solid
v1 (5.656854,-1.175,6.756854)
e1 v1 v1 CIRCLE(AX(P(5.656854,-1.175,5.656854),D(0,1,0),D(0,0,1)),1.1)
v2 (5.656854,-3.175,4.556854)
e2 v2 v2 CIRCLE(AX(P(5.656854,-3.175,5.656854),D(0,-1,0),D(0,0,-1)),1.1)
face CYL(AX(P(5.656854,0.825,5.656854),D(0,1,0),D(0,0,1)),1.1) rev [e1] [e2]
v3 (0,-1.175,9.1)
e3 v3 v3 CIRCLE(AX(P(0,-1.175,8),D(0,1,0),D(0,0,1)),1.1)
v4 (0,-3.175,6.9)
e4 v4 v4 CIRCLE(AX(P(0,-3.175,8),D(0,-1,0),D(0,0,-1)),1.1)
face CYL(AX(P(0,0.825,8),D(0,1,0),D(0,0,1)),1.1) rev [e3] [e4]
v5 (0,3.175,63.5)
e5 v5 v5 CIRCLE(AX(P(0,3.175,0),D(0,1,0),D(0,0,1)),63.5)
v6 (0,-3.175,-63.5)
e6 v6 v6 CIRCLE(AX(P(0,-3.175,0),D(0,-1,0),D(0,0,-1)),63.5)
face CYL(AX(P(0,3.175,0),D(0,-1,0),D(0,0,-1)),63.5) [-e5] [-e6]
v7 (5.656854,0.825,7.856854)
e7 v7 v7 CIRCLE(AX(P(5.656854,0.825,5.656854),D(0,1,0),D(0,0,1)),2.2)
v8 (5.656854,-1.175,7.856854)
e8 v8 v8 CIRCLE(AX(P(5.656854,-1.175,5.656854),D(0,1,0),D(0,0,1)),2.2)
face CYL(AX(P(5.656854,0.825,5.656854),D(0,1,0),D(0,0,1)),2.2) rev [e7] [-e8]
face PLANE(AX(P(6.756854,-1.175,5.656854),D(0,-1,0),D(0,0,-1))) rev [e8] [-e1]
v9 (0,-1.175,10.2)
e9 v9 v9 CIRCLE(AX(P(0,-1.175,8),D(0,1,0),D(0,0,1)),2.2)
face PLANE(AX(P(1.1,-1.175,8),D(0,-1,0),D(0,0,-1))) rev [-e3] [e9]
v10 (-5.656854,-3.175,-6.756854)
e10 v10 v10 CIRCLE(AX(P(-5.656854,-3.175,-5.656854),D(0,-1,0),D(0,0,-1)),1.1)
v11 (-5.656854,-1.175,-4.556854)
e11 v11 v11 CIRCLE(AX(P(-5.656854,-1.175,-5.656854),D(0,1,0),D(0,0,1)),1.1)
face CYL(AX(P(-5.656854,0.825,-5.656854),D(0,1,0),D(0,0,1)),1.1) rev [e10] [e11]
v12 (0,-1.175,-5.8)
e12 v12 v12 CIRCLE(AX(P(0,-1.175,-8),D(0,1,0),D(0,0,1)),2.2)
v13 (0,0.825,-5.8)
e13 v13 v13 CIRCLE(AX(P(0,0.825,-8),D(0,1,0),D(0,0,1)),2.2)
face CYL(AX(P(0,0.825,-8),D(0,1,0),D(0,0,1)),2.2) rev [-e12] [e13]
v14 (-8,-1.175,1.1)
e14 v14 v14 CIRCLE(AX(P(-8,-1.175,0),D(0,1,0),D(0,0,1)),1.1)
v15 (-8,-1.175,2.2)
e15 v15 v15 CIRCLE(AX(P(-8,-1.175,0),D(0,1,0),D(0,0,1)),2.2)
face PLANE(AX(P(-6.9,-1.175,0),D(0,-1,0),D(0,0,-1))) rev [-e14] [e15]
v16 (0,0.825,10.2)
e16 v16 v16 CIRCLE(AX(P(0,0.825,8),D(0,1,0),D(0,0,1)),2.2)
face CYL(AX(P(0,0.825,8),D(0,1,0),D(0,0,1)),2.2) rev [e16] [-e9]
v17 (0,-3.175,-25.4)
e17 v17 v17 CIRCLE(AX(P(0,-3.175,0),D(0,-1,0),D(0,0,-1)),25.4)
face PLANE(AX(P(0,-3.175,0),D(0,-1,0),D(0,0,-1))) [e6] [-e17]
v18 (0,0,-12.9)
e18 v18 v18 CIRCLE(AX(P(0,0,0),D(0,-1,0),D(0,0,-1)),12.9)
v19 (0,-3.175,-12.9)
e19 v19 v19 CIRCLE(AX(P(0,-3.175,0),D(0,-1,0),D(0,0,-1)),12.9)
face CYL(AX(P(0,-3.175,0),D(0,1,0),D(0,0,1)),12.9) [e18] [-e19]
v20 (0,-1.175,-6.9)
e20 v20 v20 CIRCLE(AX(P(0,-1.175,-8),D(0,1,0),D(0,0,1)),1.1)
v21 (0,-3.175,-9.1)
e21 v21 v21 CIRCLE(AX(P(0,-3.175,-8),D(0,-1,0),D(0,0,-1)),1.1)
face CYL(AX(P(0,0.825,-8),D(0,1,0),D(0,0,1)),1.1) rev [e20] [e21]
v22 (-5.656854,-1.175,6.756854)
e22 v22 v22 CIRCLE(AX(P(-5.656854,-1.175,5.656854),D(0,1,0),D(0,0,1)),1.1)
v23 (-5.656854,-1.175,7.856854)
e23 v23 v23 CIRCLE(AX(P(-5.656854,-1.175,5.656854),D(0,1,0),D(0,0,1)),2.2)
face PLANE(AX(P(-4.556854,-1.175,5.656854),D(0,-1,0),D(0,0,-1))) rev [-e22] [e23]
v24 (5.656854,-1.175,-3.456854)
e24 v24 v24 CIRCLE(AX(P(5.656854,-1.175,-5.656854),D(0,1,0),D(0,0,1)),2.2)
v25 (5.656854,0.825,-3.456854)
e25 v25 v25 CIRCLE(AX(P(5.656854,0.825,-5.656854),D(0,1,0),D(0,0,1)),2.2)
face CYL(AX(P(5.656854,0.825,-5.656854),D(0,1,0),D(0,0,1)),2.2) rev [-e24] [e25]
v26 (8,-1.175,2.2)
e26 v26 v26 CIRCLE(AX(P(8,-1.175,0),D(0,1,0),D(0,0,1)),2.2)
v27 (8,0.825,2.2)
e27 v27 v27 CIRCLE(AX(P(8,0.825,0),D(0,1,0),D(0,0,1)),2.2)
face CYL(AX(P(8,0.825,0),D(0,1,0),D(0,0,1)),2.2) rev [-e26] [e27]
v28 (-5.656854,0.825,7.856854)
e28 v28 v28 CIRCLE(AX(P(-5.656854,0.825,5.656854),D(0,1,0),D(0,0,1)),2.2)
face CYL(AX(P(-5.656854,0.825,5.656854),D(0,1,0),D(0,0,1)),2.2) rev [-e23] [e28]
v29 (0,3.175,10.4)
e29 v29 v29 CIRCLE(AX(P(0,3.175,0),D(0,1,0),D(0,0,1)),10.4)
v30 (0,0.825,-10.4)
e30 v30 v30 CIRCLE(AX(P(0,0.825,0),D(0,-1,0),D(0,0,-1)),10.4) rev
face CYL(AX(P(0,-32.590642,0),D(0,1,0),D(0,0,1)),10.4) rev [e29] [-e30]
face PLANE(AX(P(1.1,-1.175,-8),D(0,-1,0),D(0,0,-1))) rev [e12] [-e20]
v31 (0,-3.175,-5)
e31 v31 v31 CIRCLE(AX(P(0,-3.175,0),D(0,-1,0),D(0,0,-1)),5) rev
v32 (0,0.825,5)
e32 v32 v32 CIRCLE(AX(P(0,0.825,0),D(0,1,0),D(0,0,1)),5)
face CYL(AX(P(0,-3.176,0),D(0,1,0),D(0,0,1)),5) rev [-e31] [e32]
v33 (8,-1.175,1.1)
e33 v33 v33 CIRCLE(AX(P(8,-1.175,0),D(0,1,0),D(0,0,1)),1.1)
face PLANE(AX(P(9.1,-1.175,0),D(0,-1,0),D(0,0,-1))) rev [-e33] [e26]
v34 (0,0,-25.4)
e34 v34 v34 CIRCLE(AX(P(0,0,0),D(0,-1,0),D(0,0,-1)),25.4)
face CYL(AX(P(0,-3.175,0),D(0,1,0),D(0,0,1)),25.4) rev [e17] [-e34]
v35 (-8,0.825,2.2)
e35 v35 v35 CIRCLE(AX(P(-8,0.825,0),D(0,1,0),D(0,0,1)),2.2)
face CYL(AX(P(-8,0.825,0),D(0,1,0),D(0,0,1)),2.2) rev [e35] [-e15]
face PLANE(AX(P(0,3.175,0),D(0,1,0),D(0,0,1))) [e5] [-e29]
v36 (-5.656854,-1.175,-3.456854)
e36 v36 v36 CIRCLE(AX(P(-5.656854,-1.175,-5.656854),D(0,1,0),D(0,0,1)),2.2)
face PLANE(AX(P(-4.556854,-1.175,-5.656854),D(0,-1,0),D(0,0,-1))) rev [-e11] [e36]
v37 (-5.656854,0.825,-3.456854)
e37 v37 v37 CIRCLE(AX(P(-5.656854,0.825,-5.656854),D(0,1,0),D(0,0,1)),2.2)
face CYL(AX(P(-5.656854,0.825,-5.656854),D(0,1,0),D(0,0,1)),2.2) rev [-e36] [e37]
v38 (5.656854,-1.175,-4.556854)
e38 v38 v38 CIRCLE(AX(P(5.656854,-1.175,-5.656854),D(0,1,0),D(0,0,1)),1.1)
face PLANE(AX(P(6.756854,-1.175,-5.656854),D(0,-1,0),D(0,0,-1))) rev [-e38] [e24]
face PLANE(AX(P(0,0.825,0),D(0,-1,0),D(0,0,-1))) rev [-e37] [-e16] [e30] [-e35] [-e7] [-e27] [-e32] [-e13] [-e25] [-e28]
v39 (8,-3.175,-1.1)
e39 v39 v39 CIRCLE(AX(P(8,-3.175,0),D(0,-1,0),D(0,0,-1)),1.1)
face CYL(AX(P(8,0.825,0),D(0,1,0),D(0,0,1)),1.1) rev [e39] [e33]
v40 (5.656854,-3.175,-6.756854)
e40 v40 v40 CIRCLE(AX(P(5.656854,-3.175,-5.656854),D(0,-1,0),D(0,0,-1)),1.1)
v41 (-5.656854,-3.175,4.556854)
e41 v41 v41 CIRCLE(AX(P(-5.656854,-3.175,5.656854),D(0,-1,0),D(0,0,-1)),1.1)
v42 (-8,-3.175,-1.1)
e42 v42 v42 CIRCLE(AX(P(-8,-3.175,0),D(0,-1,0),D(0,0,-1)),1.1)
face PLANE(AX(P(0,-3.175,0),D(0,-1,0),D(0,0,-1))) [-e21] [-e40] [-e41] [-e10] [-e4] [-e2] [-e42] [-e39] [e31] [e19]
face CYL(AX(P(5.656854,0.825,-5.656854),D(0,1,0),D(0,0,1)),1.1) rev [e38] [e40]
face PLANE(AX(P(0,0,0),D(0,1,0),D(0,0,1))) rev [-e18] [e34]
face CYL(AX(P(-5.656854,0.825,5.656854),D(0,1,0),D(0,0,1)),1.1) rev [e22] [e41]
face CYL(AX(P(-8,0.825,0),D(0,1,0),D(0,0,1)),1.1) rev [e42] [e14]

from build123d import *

# Parameters (mm, degrees)
SKETCH1_R                      = 63.5
BOSS_EXTRUDE1_DEPTH            = 3.175
SKETCH2_R                      = 12.9
BOSS_EXTRUDE2_DEPTH            = 3.175
BOSS_EXTRUDE3_START            = 3.175
SKETCH3_R                      = 63.5
SKETCH3_R_2                    = 25.4
BOSS_EXTRUDE3_DEPTH            = 3.175
SKETCH5_R                      = 10.4
CUT_EXTRUDE1_DEPTH             = 2.35
SKETCH6_R                      = 5
CUT_EXTRUDE2_DEPTH             = 4
CBORE_FOR_M2_SHCS1_D           = 2.2
CBORE_FOR_M2_SHCS1_DEPTH       = 6
CBORE_FOR_M2_SHCS1_CBORE_D     = 4.4
CBORE_FOR_M2_SHCS1_CBORE_DEPTH = 2
CBORE_FOR_M2_SHCS1_TIP         = 0.660946681


with BuildPart() as part:
    # Sketch1 → Boss-Extrude1 (new body)
    with BuildSketch(Plane(origin=(0, 0, 0), x_dir=(1, 0, 0), z_dir=(0, 1, 0))):
        with Locations(Location((0, 0, 0), (0, 0, 270))):
            Circle(SKETCH1_R)
    extrude(amount=BOSS_EXTRUDE1_DEPTH)

    # Sketch2 → Boss-Extrude2 (add)
    with BuildSketch(Plane.XZ):
        with Locations(Location((0, 0, 0), (0, 0, 270))):
            Circle(SKETCH2_R)
    extrude(amount=BOSS_EXTRUDE2_DEPTH)

    # Sketch3 → Boss-Extrude3 (add)
    with BuildSketch(Plane.XZ.offset(BOSS_EXTRUDE3_START)):
        with Locations(Location((0, 0, 0), (0, 0, 270))):
            Circle(SKETCH3_R)
        with Locations(Location((0, 0, 0), (0, 0, 270))):
            Circle(SKETCH3_R_2, mode=Mode.SUBTRACT)
    extrude(amount=-BOSS_EXTRUDE3_DEPTH)

    # Sketch5 → Cut-Extrude1 (cut)
    with BuildSketch(Plane(origin=(0, 3.175, 0), x_dir=(1, 0, 0), z_dir=(0, 1, 0))):
        with Locations(Location((0, 0, 0), (0, 0, 270))):
            Circle(SKETCH5_R)
    extrude(amount=-CUT_EXTRUDE1_DEPTH, mode=Mode.SUBTRACT)

    # Sketch6 → Cut-Extrude2 (cut)
    with BuildSketch(Plane(origin=(0, 0.825, 0), x_dir=(1, 0, 0), z_dir=(0, 1, 0))):
        with Locations(Location((0, 0, 0), (0, 0, 270))):
            Circle(SKETCH6_R)
    extrude(amount=-CUT_EXTRUDE2_DEPTH, mode=Mode.SUBTRACT)

    # CBORE for M2 SHCS1
    with Locations(Plane(origin=(0, 0.825, 0), x_dir=(1, 0, 0), z_dir=(0, 1, 0))):
        with Locations((-5.65685425, 5.65685425), (0, 8), (5.65685425, 5.65685425), (8, 0), (5.65685425, -5.65685425), (0, -8), (-5.65685425, -5.65685425), (-8, 0)):
            CounterBoreHole(CBORE_FOR_M2_SHCS1_D / 2, CBORE_FOR_M2_SHCS1_CBORE_D / 2, CBORE_FOR_M2_SHCS1_CBORE_DEPTH, depth=CBORE_FOR_M2_SHCS1_DEPTH)
            with Locations((0, 0, -(CBORE_FOR_M2_SHCS1_DEPTH + CBORE_FOR_M2_SHCS1_TIP / 2))):  # 118° drill point
                Cone(0, CBORE_FOR_M2_SHCS1_D / 2, CBORE_FOR_M2_SHCS1_TIP, mode=Mode.SUBTRACT)


solid = part.part
